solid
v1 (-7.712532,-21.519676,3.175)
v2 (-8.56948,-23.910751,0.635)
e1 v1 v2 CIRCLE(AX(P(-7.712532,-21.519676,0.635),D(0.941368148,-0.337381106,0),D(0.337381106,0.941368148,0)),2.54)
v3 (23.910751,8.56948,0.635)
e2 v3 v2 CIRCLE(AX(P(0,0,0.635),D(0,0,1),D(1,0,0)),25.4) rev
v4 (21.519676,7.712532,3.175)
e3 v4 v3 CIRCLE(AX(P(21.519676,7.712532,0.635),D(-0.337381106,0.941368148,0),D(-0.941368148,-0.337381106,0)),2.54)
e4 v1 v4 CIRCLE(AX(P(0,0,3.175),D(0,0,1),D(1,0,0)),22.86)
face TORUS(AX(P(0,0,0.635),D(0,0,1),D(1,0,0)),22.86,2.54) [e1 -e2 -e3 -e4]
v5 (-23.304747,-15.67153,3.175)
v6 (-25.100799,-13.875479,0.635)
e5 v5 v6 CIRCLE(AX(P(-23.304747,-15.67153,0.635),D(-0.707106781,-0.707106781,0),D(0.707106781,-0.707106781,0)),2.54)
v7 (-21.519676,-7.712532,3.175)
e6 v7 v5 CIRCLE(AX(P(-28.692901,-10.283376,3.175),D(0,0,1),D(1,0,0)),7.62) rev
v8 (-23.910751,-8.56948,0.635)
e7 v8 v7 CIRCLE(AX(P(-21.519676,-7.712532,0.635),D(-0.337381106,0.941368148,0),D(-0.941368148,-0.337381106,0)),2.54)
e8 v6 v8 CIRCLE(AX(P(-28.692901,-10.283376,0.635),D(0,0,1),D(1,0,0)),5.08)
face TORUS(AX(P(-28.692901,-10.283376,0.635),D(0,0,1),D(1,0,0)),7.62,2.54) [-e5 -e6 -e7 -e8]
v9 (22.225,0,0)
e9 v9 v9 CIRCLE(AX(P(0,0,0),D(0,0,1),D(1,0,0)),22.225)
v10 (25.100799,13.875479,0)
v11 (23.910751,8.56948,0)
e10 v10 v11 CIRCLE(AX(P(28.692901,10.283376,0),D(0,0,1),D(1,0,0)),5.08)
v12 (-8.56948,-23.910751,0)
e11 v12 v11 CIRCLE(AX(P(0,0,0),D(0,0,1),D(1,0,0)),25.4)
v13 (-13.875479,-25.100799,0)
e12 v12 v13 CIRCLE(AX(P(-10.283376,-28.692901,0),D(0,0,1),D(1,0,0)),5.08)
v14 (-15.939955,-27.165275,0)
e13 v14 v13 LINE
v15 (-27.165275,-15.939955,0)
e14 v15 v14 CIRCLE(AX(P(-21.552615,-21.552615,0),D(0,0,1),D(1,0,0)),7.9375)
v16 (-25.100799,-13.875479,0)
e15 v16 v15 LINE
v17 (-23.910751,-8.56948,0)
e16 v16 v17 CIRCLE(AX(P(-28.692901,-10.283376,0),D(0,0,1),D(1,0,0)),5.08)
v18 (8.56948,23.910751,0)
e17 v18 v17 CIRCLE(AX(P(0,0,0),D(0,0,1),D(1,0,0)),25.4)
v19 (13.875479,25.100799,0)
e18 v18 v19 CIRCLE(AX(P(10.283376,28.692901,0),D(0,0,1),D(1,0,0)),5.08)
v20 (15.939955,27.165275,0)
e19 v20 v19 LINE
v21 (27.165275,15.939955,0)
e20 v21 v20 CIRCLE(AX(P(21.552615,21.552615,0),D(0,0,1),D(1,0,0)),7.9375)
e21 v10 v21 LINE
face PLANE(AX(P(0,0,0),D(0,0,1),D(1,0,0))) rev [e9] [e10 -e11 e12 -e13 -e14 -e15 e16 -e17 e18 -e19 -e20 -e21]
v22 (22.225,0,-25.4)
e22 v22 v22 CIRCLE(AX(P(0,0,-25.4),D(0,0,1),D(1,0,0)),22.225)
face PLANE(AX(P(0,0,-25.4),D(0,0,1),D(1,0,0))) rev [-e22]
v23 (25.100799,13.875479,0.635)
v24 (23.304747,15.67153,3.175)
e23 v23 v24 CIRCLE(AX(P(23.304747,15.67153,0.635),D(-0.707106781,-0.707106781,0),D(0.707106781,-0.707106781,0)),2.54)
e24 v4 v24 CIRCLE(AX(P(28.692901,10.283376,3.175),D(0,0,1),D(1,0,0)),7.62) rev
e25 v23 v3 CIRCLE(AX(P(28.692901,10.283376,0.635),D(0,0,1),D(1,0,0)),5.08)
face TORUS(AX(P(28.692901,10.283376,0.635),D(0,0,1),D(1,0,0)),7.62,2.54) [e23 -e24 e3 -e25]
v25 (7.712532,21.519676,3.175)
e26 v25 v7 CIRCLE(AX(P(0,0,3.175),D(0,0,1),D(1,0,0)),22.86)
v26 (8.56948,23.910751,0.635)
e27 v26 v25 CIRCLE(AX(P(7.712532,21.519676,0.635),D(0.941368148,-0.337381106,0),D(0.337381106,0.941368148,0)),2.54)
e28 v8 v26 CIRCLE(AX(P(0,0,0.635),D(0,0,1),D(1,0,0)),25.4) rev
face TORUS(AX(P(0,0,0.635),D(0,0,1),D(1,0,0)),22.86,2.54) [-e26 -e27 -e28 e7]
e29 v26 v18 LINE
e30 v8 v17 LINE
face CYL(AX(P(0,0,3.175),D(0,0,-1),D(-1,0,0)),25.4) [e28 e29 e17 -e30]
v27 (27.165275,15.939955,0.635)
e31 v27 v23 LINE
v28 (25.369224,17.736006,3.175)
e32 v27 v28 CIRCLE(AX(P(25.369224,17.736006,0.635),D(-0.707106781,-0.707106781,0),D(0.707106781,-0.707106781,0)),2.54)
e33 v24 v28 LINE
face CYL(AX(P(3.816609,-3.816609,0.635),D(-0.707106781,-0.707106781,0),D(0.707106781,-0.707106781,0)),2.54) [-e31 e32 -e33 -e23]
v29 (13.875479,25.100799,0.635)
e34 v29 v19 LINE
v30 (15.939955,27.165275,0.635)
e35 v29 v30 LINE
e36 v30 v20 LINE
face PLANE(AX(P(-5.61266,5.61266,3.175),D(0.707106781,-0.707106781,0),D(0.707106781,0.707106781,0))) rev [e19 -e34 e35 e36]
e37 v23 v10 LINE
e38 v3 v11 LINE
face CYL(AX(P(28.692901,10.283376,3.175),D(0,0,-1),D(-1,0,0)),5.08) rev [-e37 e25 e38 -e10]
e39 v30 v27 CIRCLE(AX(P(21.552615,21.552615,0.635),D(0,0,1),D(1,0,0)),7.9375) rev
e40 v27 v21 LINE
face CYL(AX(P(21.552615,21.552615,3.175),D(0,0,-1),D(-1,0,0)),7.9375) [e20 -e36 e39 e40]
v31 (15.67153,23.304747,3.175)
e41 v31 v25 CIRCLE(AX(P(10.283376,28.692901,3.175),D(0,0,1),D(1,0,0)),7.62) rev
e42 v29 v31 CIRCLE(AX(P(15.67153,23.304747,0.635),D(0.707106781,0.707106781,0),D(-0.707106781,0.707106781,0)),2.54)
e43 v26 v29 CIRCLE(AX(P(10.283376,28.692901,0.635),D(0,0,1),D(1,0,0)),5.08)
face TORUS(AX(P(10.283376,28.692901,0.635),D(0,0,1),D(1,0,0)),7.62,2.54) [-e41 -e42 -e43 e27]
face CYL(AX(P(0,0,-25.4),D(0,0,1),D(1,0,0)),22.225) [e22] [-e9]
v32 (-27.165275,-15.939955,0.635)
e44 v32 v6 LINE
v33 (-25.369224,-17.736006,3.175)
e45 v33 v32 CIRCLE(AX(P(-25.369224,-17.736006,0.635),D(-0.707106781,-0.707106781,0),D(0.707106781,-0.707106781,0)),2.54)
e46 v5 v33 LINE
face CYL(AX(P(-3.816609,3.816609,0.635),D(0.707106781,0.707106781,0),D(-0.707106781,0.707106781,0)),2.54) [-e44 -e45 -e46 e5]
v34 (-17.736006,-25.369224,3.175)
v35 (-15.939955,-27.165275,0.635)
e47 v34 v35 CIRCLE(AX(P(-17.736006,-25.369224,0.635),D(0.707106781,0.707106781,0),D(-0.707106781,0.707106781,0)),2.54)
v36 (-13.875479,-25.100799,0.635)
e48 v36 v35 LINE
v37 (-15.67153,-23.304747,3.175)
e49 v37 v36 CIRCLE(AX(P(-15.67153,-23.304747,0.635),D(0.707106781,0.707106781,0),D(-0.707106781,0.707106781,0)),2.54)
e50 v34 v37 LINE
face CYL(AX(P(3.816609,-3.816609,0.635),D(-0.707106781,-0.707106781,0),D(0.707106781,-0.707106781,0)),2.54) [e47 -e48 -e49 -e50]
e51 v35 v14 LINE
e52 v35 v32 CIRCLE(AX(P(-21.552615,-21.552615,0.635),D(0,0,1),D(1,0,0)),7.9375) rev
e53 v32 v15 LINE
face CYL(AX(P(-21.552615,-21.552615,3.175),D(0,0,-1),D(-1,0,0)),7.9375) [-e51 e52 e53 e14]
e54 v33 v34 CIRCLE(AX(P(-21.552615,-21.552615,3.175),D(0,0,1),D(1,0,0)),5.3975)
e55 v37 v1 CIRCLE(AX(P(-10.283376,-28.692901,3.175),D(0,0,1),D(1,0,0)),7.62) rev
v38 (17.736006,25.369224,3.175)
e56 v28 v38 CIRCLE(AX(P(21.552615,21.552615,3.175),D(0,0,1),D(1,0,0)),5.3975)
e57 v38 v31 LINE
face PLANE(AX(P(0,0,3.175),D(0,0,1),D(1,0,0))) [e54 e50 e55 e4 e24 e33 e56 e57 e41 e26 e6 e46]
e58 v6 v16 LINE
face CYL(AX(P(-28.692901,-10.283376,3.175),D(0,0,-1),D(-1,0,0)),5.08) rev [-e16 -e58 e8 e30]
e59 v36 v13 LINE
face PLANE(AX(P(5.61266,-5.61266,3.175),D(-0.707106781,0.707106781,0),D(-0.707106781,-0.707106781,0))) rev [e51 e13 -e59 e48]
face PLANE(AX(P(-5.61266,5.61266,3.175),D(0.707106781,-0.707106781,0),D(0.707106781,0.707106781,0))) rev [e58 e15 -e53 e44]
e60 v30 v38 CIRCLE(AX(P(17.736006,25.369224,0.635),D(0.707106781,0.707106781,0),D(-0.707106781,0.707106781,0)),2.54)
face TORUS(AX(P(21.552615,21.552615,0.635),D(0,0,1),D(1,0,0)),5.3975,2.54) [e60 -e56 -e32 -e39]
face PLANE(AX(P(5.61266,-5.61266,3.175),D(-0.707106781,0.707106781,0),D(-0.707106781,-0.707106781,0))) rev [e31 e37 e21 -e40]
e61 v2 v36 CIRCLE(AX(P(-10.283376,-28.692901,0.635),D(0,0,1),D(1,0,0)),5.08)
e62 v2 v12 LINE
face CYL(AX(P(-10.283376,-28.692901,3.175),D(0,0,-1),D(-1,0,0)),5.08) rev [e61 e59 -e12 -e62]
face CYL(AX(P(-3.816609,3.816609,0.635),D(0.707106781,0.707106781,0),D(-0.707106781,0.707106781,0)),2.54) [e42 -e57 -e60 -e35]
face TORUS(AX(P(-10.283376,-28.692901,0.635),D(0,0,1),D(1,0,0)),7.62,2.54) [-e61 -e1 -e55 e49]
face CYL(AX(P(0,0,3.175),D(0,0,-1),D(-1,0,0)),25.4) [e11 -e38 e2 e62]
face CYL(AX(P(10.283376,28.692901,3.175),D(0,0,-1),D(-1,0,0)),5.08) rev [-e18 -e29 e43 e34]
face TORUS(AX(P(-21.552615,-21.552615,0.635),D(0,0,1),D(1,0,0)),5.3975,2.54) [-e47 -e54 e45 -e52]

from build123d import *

# Parameters (mm, degrees)
SKETCH1_R           = 22.225
BOSS_EXTRUDE1_DEPTH = 3.175
FILLET1_R           = 2.54
SKETCH1_3_R         = 22.225
BOSS_EXTRUDE2_DEPTH = 25.4


with BuildPart() as part:
    # Sketch1 → Boss-Extrude1 (new body)
    # profile 1 of 2: a face of its own
    with BuildSketch(Plane.XY):
        with BuildLine():
            Line((25.100798696, 13.875478544), (27.165274766, 15.939954615))
            ThreePointArc((27.165274766, 15.939954615), (27.165274766, 27.165274766), (15.939954615, 27.165274766))
            Line((15.939954615, 27.165274766), (13.875478544, 25.100798696))
            ThreePointArc((13.875478544, 25.100798696), (11.395117189, 23.736044101), (8.56948008, 23.910750953))
            ThreePointArc((8.56948008, 23.910750953), (-17.960512242, 17.960512242), (-23.910750953, -8.56948008))
            ThreePointArc((-23.910750953, -8.56948008), (-23.736044101, -11.395117189), (-25.100798696, -13.875478544))
            Line((-25.100798696, -13.875478544), (-27.165274766, -15.939954615))
            ThreePointArc((-27.165274766, -15.939954615), (-27.165274766, -27.165274766), (-15.939954615, -27.165274766))
            Line((-15.939954615, -27.165274766), (-13.875478544, -25.100798696))
            ThreePointArc((-13.875478544, -25.100798696), (-11.395117189, -23.736044101), (-8.56948008, -23.910750953))
            ThreePointArc((-8.56948008, -23.910750953), (17.960512242, -17.960512242), (23.910750953, 8.56948008))
            ThreePointArc((23.910750953, 8.56948008), (23.736044101, 11.395117189), (25.100798696, 13.875478544))
        make_face()
        Circle(SKETCH1_R, mode=Mode.SUBTRACT)
    # profile 2 of 2: a face of its own
    with BuildSketch(Plane.XY):
        Circle(SKETCH1_R)
    extrude(amount=BOSS_EXTRUDE1_DEPTH)

    # Fillet1
    fillet1_edges = [part.edges().sort_by_distance(p)[0] for p in [
        (27.165274766, 27.165274766, 3.175),
        (14.90771658, 26.133036731, 3.175),
        (11.395117189, 23.736044101, 3.175),
        (-17.960512242, 17.960512242, 3.175),
        (-23.736044101, -11.395117189, 3.175),
        (-26.133036731, -14.90771658, 3.175),
        (-27.165274766, -27.165274766, 3.175),
        (-14.90771658, -26.133036731, 3.175),
        (26.133036731, 14.90771658, 3.175),
        (-11.395117189, -23.736044101, 3.175),
        (17.960512242, -17.960512242, 3.175),
        (23.736044101, 11.395117189, 3.175),
    ]]
    fillet(fillet1_edges, radius=FILLET1_R)

    # Sketch1<3> → Boss-Extrude2 (add)
    with BuildSketch(Plane.XY):
        Circle(SKETCH1_3_R)
    extrude(amount=-BOSS_EXTRUDE2_DEPTH)


solid = part.part
